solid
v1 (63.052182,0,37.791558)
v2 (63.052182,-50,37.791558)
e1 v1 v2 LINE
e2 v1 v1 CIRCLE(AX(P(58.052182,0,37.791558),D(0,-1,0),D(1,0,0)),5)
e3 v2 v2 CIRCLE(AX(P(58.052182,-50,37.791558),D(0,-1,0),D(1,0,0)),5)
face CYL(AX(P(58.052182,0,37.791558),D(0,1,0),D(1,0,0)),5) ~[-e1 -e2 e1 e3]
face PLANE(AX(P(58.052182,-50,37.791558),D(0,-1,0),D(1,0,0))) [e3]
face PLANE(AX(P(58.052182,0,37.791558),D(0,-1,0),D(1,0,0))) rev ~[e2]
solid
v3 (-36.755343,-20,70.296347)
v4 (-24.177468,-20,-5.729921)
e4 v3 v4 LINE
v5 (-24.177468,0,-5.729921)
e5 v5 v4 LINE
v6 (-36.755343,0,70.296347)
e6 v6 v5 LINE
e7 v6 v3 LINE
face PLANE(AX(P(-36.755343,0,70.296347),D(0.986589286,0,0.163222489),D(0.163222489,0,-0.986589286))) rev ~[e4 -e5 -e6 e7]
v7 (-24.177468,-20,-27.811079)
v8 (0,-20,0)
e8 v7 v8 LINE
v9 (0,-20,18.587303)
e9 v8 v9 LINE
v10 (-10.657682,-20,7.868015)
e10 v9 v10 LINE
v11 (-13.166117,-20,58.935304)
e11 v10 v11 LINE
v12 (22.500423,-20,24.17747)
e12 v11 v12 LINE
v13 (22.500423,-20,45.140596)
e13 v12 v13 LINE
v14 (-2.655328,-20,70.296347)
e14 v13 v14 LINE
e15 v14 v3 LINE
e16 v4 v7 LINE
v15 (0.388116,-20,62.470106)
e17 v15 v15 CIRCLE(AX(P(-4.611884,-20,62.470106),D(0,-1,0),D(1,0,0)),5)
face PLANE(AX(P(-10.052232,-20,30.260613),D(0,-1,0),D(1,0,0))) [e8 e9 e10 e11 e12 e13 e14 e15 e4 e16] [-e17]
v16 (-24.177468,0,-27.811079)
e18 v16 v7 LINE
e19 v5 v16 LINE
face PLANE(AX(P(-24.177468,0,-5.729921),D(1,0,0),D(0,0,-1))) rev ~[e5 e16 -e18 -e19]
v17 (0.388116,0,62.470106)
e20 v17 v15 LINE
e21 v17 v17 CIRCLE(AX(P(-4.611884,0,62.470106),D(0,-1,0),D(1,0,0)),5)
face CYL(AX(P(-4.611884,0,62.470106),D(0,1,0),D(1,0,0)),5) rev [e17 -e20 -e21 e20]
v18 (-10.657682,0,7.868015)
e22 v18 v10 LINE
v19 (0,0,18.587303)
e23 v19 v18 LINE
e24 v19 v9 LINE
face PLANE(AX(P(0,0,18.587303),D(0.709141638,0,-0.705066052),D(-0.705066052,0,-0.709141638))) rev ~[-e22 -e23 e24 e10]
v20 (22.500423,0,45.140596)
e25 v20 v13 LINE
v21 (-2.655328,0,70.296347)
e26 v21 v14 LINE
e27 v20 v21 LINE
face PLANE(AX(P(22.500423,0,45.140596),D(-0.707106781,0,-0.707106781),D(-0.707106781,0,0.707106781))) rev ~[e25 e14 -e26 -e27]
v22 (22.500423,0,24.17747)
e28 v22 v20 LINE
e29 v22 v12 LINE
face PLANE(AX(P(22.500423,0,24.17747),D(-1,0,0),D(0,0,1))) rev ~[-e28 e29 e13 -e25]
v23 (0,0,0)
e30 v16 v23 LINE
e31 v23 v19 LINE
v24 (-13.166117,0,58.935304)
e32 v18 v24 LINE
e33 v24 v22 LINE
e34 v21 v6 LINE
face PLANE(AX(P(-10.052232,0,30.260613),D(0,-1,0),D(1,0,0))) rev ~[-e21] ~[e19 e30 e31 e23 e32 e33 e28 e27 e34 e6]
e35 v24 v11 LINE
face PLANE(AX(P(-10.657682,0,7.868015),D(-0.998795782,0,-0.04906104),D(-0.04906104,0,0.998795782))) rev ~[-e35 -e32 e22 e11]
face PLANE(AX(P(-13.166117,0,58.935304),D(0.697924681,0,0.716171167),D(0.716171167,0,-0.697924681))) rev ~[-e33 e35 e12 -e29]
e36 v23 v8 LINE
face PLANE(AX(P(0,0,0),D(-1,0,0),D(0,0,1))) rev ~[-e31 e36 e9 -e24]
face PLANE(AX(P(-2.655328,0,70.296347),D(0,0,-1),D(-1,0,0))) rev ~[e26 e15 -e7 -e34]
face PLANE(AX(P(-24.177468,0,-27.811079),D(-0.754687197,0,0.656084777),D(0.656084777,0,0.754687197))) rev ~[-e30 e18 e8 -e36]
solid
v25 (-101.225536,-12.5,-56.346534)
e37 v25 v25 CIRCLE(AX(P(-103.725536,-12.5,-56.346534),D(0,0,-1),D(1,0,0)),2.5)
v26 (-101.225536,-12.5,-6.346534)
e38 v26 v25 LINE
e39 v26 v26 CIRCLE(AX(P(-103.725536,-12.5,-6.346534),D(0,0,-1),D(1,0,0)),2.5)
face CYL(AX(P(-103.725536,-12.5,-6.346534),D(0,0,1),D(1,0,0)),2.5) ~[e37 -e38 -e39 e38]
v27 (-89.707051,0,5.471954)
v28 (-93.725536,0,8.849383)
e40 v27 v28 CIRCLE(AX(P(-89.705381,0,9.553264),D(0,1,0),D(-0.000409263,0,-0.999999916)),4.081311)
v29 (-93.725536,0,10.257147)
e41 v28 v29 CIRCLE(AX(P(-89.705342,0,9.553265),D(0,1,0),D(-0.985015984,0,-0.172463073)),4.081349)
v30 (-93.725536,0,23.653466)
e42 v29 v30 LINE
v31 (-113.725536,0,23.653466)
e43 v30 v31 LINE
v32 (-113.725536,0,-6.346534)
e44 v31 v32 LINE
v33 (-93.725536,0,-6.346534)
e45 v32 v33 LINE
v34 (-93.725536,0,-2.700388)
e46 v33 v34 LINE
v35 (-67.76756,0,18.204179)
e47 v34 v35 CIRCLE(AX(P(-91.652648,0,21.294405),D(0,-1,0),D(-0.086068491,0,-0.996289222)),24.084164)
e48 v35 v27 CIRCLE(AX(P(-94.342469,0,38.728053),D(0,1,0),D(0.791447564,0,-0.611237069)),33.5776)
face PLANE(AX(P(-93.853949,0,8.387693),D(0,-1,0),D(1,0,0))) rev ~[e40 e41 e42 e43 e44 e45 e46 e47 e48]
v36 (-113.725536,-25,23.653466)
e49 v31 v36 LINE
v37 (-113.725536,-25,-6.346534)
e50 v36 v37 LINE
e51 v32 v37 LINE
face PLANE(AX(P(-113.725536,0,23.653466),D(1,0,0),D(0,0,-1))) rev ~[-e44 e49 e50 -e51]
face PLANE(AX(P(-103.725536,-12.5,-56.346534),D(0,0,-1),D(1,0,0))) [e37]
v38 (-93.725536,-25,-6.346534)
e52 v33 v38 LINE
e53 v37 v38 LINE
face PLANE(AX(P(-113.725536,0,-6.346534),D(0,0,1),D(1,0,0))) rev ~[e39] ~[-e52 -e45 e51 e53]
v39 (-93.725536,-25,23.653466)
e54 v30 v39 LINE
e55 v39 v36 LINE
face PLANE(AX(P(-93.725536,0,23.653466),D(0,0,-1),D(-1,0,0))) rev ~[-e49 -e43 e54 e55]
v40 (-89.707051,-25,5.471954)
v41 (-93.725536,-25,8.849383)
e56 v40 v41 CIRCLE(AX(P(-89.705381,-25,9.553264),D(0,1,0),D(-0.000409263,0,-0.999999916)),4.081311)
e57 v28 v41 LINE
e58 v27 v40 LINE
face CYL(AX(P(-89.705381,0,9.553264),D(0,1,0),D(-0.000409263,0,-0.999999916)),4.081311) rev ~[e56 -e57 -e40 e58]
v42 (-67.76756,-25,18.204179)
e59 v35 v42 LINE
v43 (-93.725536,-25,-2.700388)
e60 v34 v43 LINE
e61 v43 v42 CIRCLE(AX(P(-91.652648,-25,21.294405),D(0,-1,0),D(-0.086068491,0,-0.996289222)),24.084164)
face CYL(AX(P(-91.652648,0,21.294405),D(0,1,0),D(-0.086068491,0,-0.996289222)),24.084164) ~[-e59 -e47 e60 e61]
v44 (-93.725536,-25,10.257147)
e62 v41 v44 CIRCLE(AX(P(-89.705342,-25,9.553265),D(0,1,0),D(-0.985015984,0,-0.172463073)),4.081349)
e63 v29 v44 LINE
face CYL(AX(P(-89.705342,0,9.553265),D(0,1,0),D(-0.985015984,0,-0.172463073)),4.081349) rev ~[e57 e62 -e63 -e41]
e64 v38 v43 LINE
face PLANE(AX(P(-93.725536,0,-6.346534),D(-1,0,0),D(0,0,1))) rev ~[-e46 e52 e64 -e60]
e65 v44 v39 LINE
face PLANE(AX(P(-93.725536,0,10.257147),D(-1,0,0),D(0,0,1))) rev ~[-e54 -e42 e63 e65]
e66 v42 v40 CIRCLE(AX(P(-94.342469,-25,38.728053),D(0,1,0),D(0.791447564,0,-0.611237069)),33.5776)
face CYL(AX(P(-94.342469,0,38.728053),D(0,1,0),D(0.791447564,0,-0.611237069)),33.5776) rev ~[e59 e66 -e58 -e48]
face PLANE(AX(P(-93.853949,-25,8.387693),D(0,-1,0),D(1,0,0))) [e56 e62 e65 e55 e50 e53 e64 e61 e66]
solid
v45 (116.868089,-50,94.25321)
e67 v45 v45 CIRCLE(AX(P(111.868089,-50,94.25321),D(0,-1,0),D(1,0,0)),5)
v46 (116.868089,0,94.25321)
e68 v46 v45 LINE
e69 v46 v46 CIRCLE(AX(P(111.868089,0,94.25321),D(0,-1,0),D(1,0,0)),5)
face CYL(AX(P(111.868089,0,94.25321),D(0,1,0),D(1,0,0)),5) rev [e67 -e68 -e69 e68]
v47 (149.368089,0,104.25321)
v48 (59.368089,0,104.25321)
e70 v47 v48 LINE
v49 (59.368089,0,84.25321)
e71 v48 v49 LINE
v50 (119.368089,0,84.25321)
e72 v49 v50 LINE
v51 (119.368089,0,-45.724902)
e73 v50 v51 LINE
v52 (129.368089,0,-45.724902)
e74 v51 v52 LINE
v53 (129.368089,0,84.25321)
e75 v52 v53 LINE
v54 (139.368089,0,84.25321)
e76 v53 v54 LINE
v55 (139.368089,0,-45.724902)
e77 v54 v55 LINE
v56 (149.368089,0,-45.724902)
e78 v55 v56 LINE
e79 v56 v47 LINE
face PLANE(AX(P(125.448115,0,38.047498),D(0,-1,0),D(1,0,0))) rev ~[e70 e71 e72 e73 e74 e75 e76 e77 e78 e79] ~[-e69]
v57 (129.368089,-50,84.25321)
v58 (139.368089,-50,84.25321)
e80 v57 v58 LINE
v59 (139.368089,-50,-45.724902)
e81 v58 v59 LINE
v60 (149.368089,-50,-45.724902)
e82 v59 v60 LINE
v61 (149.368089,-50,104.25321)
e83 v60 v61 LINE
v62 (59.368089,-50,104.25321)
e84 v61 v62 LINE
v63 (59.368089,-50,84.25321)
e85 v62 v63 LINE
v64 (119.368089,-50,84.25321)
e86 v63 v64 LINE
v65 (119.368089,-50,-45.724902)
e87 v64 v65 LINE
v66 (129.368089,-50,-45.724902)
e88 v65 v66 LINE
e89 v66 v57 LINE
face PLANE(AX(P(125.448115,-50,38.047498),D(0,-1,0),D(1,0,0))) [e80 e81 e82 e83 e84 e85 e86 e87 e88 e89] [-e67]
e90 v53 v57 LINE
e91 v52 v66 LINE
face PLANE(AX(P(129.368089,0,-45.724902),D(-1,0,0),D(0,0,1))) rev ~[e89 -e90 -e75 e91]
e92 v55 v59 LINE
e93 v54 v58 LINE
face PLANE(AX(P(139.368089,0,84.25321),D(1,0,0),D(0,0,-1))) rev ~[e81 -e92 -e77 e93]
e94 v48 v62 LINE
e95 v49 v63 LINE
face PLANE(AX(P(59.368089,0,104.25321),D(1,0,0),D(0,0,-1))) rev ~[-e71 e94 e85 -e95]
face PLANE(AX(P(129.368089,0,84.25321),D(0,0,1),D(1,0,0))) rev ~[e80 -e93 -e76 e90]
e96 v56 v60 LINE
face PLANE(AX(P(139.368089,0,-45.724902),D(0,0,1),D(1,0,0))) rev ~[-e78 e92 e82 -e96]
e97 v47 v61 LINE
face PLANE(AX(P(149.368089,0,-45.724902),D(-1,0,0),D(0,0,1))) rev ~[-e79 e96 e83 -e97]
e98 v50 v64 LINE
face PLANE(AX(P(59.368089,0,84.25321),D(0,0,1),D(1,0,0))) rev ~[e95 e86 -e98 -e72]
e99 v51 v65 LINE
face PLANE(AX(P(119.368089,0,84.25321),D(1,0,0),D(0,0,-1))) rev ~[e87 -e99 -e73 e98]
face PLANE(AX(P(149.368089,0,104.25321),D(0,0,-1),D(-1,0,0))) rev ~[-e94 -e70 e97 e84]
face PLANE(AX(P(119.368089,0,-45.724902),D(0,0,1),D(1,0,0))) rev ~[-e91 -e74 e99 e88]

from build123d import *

# Parameters (mm, degrees)
F0_R     = 5
F1_DEPTH = 20
F2_DEPTH = 50
F3_DEPTH = 50
F4_DEPTH = 25
F5_R     = 2.5
F6_DEPTH = 50


with BuildPart() as f1:
    # F0 (on Front) → F1 (new body)
    with BuildSketch(Plane.XZ):
        Polygon((0, 0), (0, 18.587303), (-10.657682, 7.868015), (-13.166117, 58.935304), (22.500423, 24.17747), (22.500423, 45.140596), (-2.655328, 70.296347), (-36.755343, 70.296347), (-24.177468, -5.729921), (-24.177468, -27.811079), align=None)
        with Locations((-4.611884, 62.470106)):
            Circle(F0_R, mode=Mode.SUBTRACT)
    extrude(amount=F1_DEPTH)


with BuildPart() as f2:
    # F0 (on Front) → F2 (new body)
    with BuildSketch(Plane.XZ):
        with Locations((58.052182, 37.791558)):
            Circle(F0_R)
    extrude(amount=F2_DEPTH)


with BuildPart() as f3:
    # F0 (on Front) → F3 (new body)
    with BuildSketch(Plane.XZ):
        Polygon((119.368089, 84.25321), (119.368089, -45.724902), (129.368089, -45.724902), (129.368089, 84.25321), (139.368089, 84.25321), (139.368089, -45.724902), (149.368089, -45.724902), (149.368089, 104.25321), (119.368089, 104.25321), (59.368089, 104.25321), (59.368089, 84.25321), align=None)
        with Locations((111.868089, 94.25321)):
            Circle(F0_R, mode=Mode.SUBTRACT)
    extrude(amount=F3_DEPTH)


with BuildPart() as f4:
    # F0 (on Front) → F4 (new body)
    with BuildSketch(Plane.XZ):
        with BuildLine():
            Line((-93.725536, 13.428823), (-93.725536, 23.653466))
            Line((-93.725536, 23.653466), (-113.725536, 23.653466))
            Line((-113.725536, 23.653466), (-113.725536, -6.346534))
            Line((-113.725536, -6.346534), (-93.725536, -6.346534))
            Line((-93.725536, -6.346534), (-93.725536, -2.700388))
            ThreePointArc((-93.725536, -2.700388), (-76.546582, 2.536641), (-67.76756, 18.204179))
            ThreePointArc((-67.76756, 18.204179), (-77.48873, 9.686588), (-89.707051, 5.471954))
            ThreePointArc((-89.707051, 5.471954), (-92.331314, 6.428913), (-93.725536, 8.849383))
            ThreePointArc((-93.725536, 8.849383), (-93.786691, 9.553265), (-93.725536, 10.257147))
            Line((-93.725536, 10.257147), (-93.725536, 13.428823))
        make_face()
    extrude(amount=F4_DEPTH)

    # F5 (on face) → F6 (join)
    with BuildSketch(Plane(origin=(0, 0, -6.346534), x_dir=(1, 0, 0), z_dir=(0, 0, -1))):
        with Locations((-103.725536, 12.5)):
            Circle(F5_R)
    extrude(amount=F6_DEPTH)


solid = Compound([f1.part, f2.part, f3.part, f4.part])
